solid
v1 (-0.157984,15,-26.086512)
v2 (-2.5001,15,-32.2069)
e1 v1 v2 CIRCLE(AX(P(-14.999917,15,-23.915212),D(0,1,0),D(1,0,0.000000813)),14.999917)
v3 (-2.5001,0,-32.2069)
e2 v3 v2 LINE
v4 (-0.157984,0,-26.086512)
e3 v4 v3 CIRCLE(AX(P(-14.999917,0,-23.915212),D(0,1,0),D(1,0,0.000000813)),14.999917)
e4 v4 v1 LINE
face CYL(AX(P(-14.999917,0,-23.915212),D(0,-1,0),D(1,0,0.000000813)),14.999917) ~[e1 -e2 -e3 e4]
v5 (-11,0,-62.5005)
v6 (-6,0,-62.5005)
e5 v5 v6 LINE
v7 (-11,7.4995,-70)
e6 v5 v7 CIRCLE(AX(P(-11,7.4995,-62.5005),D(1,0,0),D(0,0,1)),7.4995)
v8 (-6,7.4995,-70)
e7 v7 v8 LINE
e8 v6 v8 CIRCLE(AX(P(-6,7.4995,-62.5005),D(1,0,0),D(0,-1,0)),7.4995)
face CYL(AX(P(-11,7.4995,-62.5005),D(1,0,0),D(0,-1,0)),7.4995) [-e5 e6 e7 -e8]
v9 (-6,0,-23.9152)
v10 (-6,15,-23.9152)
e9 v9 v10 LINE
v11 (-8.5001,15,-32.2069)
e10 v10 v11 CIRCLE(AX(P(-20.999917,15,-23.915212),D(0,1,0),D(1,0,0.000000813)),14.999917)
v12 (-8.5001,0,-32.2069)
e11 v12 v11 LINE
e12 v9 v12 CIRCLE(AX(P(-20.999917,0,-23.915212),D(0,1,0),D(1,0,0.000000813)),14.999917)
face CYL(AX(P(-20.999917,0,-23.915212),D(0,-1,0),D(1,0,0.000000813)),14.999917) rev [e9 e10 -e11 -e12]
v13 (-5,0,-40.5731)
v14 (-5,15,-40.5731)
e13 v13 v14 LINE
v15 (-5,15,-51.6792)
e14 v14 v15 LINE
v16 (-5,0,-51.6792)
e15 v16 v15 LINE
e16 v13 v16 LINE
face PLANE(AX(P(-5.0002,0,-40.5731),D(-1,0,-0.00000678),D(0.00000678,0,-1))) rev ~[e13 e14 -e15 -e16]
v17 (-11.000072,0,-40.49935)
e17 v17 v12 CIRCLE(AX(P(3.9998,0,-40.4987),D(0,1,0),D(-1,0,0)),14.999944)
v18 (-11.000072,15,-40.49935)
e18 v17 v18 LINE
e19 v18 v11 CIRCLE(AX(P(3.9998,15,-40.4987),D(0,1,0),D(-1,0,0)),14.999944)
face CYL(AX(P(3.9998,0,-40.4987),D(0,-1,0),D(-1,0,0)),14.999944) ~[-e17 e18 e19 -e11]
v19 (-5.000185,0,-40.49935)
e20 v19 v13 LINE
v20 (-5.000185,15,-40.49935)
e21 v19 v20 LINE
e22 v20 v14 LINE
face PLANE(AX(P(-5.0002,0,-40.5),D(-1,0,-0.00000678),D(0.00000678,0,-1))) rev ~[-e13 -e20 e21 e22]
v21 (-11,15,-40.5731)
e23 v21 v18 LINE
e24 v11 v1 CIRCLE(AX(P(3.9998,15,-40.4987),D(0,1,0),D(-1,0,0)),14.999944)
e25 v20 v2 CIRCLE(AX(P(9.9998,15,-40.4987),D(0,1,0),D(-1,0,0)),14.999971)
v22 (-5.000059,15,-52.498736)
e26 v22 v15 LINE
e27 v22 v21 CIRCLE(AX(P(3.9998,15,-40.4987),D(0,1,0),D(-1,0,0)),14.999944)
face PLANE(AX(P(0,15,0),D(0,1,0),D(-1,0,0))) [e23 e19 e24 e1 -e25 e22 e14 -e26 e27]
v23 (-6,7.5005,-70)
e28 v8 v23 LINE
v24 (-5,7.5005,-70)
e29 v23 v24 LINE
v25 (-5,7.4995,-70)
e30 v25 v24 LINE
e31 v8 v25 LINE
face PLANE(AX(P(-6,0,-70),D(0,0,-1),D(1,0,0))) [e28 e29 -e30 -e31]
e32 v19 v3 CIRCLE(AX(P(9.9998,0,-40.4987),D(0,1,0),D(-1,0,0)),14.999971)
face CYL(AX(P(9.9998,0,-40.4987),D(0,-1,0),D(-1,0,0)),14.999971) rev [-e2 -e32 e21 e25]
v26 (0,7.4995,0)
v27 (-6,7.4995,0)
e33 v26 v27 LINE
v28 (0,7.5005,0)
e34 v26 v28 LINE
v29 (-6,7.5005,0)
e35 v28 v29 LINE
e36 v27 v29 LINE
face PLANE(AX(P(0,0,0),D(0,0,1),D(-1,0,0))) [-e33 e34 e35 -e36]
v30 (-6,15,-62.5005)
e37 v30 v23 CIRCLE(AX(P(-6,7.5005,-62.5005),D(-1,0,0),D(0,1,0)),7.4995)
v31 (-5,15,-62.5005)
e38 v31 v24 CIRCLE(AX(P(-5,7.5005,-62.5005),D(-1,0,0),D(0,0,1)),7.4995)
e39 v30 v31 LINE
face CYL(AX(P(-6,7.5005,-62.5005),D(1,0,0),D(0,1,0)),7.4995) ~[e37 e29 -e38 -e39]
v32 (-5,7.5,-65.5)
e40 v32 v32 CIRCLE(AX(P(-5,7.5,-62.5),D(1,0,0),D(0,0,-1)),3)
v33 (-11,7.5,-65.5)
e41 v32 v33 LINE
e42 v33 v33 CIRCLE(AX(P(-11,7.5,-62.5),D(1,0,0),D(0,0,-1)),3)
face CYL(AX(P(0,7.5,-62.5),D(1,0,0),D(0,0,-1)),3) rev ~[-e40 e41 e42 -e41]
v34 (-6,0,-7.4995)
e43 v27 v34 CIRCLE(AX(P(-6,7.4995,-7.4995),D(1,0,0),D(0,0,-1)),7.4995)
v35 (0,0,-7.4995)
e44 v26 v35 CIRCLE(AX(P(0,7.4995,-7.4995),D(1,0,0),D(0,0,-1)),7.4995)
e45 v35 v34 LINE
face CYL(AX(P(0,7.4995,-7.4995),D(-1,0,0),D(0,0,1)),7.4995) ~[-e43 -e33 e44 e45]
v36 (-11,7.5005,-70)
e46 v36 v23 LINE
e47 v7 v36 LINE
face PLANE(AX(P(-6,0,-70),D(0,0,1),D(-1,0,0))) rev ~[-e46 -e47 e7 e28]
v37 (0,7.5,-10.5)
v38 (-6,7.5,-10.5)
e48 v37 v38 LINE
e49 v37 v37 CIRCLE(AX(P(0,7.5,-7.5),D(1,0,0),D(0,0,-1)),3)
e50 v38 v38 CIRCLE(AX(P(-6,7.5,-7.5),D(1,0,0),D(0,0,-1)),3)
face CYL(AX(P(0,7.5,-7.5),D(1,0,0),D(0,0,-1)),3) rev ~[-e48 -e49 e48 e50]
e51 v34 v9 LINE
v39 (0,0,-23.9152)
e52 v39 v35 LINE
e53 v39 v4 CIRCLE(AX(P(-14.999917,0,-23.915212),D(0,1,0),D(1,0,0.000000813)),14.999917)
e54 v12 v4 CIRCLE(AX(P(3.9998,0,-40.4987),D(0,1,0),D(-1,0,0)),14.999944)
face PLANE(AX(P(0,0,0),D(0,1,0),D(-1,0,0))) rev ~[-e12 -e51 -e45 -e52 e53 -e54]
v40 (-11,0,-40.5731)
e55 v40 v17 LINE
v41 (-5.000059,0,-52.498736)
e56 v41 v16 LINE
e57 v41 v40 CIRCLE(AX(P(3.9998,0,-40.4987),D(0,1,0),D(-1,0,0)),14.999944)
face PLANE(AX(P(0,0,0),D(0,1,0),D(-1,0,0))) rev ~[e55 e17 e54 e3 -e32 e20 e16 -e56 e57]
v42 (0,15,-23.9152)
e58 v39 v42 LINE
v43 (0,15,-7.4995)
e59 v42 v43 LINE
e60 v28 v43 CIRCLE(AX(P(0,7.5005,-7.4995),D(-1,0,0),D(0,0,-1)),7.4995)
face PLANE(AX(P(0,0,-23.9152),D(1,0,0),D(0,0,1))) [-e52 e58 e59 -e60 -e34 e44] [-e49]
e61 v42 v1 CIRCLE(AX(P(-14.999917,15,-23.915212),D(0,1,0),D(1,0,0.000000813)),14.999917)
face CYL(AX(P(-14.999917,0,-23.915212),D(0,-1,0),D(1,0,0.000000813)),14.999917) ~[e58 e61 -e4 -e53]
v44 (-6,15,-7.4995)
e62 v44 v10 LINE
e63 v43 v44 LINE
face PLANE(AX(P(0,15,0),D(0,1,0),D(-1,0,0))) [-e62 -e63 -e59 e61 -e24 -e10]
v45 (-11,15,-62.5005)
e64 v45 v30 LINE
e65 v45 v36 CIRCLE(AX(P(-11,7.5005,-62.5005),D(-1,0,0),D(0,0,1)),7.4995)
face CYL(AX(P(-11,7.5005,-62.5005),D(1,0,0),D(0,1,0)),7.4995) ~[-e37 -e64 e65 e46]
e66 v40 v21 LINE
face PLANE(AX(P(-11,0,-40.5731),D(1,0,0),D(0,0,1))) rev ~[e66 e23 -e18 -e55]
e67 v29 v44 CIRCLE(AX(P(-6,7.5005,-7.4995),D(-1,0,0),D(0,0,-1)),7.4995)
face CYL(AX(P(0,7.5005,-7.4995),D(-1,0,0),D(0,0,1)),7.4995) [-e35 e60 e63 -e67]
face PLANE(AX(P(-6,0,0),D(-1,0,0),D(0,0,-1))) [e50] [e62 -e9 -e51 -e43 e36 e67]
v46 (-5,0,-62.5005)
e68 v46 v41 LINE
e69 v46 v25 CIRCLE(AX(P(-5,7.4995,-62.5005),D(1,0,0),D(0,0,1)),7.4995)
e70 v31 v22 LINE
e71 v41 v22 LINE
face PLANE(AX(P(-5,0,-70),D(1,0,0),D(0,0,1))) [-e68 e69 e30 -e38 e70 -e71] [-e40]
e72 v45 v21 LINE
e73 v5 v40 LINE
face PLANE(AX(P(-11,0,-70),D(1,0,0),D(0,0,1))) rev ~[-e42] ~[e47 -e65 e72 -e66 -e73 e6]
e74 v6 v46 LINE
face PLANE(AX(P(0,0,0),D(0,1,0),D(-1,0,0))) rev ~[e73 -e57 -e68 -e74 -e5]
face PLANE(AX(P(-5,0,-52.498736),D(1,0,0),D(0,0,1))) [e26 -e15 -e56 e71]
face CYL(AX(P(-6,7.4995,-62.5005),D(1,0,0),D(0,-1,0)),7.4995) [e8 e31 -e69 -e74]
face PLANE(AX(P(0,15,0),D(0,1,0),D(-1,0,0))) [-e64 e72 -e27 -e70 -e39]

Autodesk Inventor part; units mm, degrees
ref_plane "YZ Plane" through (0, 0, 0) normal (1, 0, 0) x (0, 1, 0)
ref_plane "XZ Plane" through (0, 0, 0) normal (0, 1, 0) x (-1, 0, 0)
ref_plane "XY Plane" through (0, 0, 0) normal (0, 0, 1) x (1, 0, 0)
sketch "Sketch1" plane through (0, 0, 0) normal (0, 1, 0) x (-1, 0, 0)
  line L0 (0, 0) -> (6, 0)
  line L1 (6, 0) -> (76, 0) construction
  line L2 (6, -70) -> (5, -70)
  line L3 (5, -70) -> (5, -51.6792)
  line L4 (5, -70) -> (11, -70)
  line L5 (11, -70) -> (11, -40.5)
  line L6 (5.0002, -40.5) -> (5, -40.5)
  line L7 (5, -40.5) -> (5, -70)
  line L8 (6, 0) -> (6, -23.9152)
  line L9 (0, -23.9152) -> (0, 0)
  arc A0 (-0.0017, -54.956) -> (0, -54.9555) centre (-3.9998, -40.4987) ccw
  arc A1 (-0.0017, -51.6807) -> (0, -51.6792) centre (-9.9998, -40.4987) ccw
  arc A2 (5, -40.5731) -> (2.5001, -32.2069) centre (-9.9998, -40.4987) ccw
  arc A3 (11, -40.5731) -> (8.5001, -32.2069) centre (-3.9998, -40.4987) ccw
  arc A4 (6, -23.9152) -> (8.5001, -32.2069) centre (21, -23.9152) ccw
  arc A5 (0, -23.9152) -> (2.5001, -32.2069) centre (15, -23.9152) ccw
  point P0 (6, -29.3181)
  point P1 (0, -29.3181)
  dimension "d0" = 6
extrude "Extrusion1" add sketch "Sketch1" along normal blind 15 contours L0 L8 A4 A0 A5 L9 | A0 L5 L3 L7 A1 A5 | L5 L4 L2 L3 A0
fillet "Fillet1" radius 7.5 4 edges at (-3, 0, 0) (-3, 15, 0) (-5.5, 15, -70) (-5.5, 0, -70)
sketch "Sketch3" plane through (0, 0, -23.9152) normal (1, 0, 0) x (0, 0, -1)
  circle A0 centre (-16.4152, 7.5) radius 3
  arc A1 (-16.4152, 15) -> (-16.4152, 0) centre (-16.4152, 7.5) ccw projected
  line L0 (-16.4152, 15) -> (0, 15) projected
  circle A2 centre (38.5848, 7.5) radius 3
  arc A3 (38.5848, 0) -> (38.5848, 15) centre (38.5848, 7.5) ccw projected
  line L1 (16.6579, 15) -> (38.5848, 15) projected
  point P0 (-23.9152, 0)
  point P1 (-23.9152, 7.5)
  point P2 (46.0848, 7.5)
  dimension "d15" = 6
  dimension "d16" = 7.5
  dimension "d17" = 7.5
  dimension "d18" = 6
  dimension "d19" = 7.5
  dimension "d20" = 7.5
extrude "Extrusion2" cut sketch "Sketch3" against normal blind 15
properties part number "atividade_14A_uniao"
